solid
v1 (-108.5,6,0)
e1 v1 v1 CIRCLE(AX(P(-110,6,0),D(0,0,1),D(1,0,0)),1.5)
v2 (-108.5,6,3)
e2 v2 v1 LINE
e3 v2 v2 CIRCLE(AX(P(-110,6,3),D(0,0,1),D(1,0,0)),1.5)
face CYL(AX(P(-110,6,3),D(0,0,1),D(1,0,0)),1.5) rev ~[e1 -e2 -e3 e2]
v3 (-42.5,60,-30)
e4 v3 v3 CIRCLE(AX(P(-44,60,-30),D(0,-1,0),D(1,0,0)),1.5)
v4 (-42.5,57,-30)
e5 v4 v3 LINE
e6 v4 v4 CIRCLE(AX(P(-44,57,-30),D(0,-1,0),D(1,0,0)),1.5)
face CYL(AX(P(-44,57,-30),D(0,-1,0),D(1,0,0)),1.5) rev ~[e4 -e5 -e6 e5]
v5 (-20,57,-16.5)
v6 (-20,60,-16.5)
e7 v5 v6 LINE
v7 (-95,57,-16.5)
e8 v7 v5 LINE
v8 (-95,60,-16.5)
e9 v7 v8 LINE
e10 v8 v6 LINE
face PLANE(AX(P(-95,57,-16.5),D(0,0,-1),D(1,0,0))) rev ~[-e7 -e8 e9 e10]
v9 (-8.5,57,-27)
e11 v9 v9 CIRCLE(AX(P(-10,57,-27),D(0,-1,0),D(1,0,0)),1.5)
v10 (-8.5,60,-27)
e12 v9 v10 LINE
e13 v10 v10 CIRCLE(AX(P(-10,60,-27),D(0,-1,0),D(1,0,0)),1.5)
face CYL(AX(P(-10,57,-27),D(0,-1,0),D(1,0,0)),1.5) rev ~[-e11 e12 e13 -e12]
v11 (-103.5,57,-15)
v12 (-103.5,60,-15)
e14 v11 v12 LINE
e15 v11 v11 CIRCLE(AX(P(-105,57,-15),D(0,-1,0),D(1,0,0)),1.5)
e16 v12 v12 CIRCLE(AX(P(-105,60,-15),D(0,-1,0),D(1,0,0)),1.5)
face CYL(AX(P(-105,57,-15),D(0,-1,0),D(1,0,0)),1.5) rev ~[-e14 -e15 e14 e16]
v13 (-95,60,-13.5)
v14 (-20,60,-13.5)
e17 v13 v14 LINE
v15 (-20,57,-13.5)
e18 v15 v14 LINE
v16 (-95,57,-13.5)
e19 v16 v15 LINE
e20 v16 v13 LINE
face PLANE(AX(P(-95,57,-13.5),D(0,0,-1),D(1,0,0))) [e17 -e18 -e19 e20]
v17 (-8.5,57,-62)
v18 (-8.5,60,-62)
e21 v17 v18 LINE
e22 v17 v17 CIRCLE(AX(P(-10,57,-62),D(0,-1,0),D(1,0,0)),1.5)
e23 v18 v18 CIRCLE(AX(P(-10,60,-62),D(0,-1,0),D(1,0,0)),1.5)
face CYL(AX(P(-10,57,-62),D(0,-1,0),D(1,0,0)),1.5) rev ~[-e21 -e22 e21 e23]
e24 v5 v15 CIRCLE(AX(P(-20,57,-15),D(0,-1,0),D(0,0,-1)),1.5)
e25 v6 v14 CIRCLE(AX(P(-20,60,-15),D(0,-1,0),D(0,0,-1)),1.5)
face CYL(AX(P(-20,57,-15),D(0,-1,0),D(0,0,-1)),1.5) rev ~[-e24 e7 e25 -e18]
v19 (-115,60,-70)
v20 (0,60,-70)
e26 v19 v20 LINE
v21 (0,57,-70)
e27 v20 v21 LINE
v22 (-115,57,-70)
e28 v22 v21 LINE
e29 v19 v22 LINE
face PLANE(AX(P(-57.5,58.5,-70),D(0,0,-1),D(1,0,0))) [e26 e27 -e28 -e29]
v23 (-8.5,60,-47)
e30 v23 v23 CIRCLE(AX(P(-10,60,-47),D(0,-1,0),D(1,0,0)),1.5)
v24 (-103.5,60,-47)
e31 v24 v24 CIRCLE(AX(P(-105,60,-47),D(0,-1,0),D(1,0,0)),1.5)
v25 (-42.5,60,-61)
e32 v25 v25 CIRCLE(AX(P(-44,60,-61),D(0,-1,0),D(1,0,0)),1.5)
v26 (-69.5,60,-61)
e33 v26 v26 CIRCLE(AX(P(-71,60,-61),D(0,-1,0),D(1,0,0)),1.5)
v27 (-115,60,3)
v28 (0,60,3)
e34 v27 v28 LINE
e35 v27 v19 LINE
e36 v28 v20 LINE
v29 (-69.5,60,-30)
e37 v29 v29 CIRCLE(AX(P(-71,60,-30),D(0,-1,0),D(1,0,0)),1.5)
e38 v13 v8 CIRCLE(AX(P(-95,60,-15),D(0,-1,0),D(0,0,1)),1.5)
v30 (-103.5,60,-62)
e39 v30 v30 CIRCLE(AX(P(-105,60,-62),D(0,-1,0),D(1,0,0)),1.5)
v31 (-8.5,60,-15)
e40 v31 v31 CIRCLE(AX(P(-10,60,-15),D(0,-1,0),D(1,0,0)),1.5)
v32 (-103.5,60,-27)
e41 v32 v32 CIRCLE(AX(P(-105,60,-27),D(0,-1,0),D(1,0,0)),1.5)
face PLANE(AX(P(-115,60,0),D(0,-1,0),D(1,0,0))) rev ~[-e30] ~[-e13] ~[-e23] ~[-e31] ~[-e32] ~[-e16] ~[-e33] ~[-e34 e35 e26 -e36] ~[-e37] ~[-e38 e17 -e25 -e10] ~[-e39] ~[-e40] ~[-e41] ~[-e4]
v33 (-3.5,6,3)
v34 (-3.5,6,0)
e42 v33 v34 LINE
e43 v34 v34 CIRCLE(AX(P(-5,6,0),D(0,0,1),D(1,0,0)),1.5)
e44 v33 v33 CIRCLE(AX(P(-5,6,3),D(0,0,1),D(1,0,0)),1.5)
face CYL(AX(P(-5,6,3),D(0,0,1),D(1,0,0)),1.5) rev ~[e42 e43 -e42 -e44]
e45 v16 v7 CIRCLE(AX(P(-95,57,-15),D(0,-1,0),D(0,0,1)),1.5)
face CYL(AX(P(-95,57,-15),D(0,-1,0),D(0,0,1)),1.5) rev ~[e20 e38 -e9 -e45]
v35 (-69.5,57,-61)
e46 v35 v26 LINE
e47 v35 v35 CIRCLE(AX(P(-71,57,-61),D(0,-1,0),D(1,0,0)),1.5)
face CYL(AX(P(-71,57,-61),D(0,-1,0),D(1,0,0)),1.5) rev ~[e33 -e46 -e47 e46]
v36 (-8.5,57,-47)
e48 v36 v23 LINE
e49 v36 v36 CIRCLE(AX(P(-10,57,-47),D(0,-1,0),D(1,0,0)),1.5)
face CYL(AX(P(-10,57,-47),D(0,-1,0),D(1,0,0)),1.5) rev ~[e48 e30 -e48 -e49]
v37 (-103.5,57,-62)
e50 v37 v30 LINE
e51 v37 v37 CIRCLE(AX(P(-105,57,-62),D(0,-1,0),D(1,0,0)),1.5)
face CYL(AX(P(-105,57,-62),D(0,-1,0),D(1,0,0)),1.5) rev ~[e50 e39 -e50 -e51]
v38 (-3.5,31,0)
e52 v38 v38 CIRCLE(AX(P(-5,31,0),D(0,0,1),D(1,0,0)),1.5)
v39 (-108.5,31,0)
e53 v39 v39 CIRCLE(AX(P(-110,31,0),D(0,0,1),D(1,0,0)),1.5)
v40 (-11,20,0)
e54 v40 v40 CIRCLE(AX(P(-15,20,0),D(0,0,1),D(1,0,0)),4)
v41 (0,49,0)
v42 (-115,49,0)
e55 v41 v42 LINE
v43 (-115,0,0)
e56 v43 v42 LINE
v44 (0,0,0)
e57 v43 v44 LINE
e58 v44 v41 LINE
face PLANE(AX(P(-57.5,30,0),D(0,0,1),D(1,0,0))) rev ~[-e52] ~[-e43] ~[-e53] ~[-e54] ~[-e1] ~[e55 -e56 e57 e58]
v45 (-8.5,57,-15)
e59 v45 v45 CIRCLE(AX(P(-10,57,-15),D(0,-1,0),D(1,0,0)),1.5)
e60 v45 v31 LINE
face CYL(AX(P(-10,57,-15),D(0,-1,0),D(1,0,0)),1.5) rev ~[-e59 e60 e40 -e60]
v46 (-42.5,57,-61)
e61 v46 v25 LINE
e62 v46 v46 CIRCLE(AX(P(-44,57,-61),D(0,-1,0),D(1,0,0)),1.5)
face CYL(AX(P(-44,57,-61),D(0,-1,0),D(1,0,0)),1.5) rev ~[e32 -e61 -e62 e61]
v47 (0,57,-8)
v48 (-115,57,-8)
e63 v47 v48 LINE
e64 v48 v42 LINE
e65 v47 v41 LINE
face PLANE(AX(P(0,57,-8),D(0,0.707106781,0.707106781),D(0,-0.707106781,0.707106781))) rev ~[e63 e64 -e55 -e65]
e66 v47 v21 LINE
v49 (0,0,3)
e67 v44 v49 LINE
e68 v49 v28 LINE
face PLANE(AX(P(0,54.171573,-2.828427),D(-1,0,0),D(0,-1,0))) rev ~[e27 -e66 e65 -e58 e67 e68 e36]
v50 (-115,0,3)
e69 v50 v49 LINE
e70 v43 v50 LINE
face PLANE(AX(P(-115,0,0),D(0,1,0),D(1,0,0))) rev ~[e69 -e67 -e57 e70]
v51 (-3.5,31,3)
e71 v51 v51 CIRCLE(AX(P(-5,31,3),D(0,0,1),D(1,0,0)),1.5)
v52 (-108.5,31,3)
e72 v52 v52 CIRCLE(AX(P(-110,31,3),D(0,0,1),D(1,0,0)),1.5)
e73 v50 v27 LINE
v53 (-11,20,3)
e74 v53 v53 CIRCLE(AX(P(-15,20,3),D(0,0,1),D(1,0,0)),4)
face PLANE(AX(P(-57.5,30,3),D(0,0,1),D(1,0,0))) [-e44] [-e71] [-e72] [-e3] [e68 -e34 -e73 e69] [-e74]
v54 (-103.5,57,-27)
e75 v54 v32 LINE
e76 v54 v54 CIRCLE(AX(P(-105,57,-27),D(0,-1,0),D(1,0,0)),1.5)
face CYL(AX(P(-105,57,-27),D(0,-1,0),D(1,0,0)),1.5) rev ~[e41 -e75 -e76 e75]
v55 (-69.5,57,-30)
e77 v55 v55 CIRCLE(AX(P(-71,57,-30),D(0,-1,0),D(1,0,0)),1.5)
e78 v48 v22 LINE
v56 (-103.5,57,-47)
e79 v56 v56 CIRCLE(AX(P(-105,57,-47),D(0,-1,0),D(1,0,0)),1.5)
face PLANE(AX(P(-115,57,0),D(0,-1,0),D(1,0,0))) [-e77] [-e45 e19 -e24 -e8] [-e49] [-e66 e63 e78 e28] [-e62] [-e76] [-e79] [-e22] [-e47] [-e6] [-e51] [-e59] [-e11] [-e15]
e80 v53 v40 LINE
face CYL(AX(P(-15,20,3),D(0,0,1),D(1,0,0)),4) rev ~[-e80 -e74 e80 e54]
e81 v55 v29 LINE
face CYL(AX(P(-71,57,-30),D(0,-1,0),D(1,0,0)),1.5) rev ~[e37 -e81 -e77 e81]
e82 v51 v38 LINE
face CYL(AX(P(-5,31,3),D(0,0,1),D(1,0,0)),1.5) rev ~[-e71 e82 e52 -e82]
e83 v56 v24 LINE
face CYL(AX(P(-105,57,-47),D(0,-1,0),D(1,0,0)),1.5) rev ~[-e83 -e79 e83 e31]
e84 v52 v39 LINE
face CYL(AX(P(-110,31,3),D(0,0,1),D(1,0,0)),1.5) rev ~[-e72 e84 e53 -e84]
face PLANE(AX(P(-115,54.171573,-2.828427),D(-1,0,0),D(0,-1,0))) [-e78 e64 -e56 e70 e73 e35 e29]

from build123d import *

# Parameters (mm, degrees)
SKETCH_W        = 115
SKETCH_H        = 60
PAD_DEPTH       = 3
SKETCH001_R     = 1.5
POCKET_DEPTH    = 5
SKETCH002_R     = 4
POCKET001_DEPTH = 5
SKETCH003_W     = 115
SKETCH003_H     = 3
PAD001_DEPTH    = 70
SKETCH004_R     = 1.5
POCKET002_DEPTH = 5
PAD002_DEPTH    = 115
SKETCH007_R     = 1.5
POCKET003_DEPTH = 5


with BuildPart() as part:
    # Sketch → Pad (new body)
    with BuildSketch(Plane.XY):
        with Locations((-57.5, 30)):
            Rectangle(SKETCH_W, SKETCH_H)
    extrude(amount=PAD_DEPTH)

    # Sketch001 → Pocket (cut)
    with BuildSketch(Plane.XY.offset(3)):
        with Locations((-5, 31)):
            Circle(SKETCH001_R)
        with Locations((-110, 31)):
            Circle(SKETCH001_R)
        with Locations((-110, 6)):
            Circle(SKETCH001_R)
        with Locations((-5, 6)):
            Circle(SKETCH001_R)
    extrude(amount=-POCKET_DEPTH, mode=Mode.SUBTRACT)

    # Sketch002 → Pocket001 (cut)
    with BuildSketch(Plane.XY.offset(3)):
        with Locations((-15, 20)):
            Circle(SKETCH002_R)
    extrude(amount=-POCKET001_DEPTH, mode=Mode.SUBTRACT)

    # Sketch003 → Pad001 (new body)
    with BuildSketch(Plane(origin=(0, 0, 0), x_dir=(1, 0, 0), z_dir=(0, 0, -1))):
        with Locations((-57.5, -58.5)):
            Rectangle(SKETCH003_W, SKETCH003_H)
    extrude(amount=PAD001_DEPTH)

    # Sketch004 → Pocket002 (cut)
    with BuildSketch(Plane.XZ.offset(-57)):
        with Locations((-71, -30)):
            Circle(SKETCH004_R)
        with Locations((-44, -30)):
            Circle(SKETCH004_R)
        with Locations((-71, -61)):
            Circle(SKETCH004_R)
        with Locations((-44, -61)):
            Circle(SKETCH004_R)
    extrude(amount=-POCKET002_DEPTH, mode=Mode.SUBTRACT)

    # Sketch006 → Pad002 (new body)
    with BuildSketch(Plane.YZ):
        Polygon((57, 0), (57, -8), (49, 0), align=None)
    extrude(amount=-PAD002_DEPTH)

    # Sketch007 → Pocket003 (cut)
    with BuildSketch(Plane.XZ.offset(-57)):
        with Locations((-105, -15)):
            Circle(SKETCH007_R)
        with Locations((-105, -27)):
            Circle(SKETCH007_R)
        with Locations((-105, -47)):
            Circle(SKETCH007_R)
        with Locations((-105, -62)):
            Circle(SKETCH007_R)
        with Locations((-10, -15)):
            Circle(SKETCH007_R)
        with Locations((-10, -27)):
            Circle(SKETCH007_R)
        with Locations((-10, -47)):
            Circle(SKETCH007_R)
        with Locations((-10, -62)):
            Circle(SKETCH007_R)
        with BuildLine():
            ThreePointArc((-95, -13.5), (-96.5, -15), (-95, -16.5))
            Line((-95, -16.5), (-20, -16.5))
            ThreePointArc((-20, -16.5), (-18.5, -15), (-20, -13.5))
            Line((-95, -13.5), (-20, -13.5))
        make_face()
    extrude(amount=-POCKET003_DEPTH, mode=Mode.SUBTRACT)


solid = part.part
